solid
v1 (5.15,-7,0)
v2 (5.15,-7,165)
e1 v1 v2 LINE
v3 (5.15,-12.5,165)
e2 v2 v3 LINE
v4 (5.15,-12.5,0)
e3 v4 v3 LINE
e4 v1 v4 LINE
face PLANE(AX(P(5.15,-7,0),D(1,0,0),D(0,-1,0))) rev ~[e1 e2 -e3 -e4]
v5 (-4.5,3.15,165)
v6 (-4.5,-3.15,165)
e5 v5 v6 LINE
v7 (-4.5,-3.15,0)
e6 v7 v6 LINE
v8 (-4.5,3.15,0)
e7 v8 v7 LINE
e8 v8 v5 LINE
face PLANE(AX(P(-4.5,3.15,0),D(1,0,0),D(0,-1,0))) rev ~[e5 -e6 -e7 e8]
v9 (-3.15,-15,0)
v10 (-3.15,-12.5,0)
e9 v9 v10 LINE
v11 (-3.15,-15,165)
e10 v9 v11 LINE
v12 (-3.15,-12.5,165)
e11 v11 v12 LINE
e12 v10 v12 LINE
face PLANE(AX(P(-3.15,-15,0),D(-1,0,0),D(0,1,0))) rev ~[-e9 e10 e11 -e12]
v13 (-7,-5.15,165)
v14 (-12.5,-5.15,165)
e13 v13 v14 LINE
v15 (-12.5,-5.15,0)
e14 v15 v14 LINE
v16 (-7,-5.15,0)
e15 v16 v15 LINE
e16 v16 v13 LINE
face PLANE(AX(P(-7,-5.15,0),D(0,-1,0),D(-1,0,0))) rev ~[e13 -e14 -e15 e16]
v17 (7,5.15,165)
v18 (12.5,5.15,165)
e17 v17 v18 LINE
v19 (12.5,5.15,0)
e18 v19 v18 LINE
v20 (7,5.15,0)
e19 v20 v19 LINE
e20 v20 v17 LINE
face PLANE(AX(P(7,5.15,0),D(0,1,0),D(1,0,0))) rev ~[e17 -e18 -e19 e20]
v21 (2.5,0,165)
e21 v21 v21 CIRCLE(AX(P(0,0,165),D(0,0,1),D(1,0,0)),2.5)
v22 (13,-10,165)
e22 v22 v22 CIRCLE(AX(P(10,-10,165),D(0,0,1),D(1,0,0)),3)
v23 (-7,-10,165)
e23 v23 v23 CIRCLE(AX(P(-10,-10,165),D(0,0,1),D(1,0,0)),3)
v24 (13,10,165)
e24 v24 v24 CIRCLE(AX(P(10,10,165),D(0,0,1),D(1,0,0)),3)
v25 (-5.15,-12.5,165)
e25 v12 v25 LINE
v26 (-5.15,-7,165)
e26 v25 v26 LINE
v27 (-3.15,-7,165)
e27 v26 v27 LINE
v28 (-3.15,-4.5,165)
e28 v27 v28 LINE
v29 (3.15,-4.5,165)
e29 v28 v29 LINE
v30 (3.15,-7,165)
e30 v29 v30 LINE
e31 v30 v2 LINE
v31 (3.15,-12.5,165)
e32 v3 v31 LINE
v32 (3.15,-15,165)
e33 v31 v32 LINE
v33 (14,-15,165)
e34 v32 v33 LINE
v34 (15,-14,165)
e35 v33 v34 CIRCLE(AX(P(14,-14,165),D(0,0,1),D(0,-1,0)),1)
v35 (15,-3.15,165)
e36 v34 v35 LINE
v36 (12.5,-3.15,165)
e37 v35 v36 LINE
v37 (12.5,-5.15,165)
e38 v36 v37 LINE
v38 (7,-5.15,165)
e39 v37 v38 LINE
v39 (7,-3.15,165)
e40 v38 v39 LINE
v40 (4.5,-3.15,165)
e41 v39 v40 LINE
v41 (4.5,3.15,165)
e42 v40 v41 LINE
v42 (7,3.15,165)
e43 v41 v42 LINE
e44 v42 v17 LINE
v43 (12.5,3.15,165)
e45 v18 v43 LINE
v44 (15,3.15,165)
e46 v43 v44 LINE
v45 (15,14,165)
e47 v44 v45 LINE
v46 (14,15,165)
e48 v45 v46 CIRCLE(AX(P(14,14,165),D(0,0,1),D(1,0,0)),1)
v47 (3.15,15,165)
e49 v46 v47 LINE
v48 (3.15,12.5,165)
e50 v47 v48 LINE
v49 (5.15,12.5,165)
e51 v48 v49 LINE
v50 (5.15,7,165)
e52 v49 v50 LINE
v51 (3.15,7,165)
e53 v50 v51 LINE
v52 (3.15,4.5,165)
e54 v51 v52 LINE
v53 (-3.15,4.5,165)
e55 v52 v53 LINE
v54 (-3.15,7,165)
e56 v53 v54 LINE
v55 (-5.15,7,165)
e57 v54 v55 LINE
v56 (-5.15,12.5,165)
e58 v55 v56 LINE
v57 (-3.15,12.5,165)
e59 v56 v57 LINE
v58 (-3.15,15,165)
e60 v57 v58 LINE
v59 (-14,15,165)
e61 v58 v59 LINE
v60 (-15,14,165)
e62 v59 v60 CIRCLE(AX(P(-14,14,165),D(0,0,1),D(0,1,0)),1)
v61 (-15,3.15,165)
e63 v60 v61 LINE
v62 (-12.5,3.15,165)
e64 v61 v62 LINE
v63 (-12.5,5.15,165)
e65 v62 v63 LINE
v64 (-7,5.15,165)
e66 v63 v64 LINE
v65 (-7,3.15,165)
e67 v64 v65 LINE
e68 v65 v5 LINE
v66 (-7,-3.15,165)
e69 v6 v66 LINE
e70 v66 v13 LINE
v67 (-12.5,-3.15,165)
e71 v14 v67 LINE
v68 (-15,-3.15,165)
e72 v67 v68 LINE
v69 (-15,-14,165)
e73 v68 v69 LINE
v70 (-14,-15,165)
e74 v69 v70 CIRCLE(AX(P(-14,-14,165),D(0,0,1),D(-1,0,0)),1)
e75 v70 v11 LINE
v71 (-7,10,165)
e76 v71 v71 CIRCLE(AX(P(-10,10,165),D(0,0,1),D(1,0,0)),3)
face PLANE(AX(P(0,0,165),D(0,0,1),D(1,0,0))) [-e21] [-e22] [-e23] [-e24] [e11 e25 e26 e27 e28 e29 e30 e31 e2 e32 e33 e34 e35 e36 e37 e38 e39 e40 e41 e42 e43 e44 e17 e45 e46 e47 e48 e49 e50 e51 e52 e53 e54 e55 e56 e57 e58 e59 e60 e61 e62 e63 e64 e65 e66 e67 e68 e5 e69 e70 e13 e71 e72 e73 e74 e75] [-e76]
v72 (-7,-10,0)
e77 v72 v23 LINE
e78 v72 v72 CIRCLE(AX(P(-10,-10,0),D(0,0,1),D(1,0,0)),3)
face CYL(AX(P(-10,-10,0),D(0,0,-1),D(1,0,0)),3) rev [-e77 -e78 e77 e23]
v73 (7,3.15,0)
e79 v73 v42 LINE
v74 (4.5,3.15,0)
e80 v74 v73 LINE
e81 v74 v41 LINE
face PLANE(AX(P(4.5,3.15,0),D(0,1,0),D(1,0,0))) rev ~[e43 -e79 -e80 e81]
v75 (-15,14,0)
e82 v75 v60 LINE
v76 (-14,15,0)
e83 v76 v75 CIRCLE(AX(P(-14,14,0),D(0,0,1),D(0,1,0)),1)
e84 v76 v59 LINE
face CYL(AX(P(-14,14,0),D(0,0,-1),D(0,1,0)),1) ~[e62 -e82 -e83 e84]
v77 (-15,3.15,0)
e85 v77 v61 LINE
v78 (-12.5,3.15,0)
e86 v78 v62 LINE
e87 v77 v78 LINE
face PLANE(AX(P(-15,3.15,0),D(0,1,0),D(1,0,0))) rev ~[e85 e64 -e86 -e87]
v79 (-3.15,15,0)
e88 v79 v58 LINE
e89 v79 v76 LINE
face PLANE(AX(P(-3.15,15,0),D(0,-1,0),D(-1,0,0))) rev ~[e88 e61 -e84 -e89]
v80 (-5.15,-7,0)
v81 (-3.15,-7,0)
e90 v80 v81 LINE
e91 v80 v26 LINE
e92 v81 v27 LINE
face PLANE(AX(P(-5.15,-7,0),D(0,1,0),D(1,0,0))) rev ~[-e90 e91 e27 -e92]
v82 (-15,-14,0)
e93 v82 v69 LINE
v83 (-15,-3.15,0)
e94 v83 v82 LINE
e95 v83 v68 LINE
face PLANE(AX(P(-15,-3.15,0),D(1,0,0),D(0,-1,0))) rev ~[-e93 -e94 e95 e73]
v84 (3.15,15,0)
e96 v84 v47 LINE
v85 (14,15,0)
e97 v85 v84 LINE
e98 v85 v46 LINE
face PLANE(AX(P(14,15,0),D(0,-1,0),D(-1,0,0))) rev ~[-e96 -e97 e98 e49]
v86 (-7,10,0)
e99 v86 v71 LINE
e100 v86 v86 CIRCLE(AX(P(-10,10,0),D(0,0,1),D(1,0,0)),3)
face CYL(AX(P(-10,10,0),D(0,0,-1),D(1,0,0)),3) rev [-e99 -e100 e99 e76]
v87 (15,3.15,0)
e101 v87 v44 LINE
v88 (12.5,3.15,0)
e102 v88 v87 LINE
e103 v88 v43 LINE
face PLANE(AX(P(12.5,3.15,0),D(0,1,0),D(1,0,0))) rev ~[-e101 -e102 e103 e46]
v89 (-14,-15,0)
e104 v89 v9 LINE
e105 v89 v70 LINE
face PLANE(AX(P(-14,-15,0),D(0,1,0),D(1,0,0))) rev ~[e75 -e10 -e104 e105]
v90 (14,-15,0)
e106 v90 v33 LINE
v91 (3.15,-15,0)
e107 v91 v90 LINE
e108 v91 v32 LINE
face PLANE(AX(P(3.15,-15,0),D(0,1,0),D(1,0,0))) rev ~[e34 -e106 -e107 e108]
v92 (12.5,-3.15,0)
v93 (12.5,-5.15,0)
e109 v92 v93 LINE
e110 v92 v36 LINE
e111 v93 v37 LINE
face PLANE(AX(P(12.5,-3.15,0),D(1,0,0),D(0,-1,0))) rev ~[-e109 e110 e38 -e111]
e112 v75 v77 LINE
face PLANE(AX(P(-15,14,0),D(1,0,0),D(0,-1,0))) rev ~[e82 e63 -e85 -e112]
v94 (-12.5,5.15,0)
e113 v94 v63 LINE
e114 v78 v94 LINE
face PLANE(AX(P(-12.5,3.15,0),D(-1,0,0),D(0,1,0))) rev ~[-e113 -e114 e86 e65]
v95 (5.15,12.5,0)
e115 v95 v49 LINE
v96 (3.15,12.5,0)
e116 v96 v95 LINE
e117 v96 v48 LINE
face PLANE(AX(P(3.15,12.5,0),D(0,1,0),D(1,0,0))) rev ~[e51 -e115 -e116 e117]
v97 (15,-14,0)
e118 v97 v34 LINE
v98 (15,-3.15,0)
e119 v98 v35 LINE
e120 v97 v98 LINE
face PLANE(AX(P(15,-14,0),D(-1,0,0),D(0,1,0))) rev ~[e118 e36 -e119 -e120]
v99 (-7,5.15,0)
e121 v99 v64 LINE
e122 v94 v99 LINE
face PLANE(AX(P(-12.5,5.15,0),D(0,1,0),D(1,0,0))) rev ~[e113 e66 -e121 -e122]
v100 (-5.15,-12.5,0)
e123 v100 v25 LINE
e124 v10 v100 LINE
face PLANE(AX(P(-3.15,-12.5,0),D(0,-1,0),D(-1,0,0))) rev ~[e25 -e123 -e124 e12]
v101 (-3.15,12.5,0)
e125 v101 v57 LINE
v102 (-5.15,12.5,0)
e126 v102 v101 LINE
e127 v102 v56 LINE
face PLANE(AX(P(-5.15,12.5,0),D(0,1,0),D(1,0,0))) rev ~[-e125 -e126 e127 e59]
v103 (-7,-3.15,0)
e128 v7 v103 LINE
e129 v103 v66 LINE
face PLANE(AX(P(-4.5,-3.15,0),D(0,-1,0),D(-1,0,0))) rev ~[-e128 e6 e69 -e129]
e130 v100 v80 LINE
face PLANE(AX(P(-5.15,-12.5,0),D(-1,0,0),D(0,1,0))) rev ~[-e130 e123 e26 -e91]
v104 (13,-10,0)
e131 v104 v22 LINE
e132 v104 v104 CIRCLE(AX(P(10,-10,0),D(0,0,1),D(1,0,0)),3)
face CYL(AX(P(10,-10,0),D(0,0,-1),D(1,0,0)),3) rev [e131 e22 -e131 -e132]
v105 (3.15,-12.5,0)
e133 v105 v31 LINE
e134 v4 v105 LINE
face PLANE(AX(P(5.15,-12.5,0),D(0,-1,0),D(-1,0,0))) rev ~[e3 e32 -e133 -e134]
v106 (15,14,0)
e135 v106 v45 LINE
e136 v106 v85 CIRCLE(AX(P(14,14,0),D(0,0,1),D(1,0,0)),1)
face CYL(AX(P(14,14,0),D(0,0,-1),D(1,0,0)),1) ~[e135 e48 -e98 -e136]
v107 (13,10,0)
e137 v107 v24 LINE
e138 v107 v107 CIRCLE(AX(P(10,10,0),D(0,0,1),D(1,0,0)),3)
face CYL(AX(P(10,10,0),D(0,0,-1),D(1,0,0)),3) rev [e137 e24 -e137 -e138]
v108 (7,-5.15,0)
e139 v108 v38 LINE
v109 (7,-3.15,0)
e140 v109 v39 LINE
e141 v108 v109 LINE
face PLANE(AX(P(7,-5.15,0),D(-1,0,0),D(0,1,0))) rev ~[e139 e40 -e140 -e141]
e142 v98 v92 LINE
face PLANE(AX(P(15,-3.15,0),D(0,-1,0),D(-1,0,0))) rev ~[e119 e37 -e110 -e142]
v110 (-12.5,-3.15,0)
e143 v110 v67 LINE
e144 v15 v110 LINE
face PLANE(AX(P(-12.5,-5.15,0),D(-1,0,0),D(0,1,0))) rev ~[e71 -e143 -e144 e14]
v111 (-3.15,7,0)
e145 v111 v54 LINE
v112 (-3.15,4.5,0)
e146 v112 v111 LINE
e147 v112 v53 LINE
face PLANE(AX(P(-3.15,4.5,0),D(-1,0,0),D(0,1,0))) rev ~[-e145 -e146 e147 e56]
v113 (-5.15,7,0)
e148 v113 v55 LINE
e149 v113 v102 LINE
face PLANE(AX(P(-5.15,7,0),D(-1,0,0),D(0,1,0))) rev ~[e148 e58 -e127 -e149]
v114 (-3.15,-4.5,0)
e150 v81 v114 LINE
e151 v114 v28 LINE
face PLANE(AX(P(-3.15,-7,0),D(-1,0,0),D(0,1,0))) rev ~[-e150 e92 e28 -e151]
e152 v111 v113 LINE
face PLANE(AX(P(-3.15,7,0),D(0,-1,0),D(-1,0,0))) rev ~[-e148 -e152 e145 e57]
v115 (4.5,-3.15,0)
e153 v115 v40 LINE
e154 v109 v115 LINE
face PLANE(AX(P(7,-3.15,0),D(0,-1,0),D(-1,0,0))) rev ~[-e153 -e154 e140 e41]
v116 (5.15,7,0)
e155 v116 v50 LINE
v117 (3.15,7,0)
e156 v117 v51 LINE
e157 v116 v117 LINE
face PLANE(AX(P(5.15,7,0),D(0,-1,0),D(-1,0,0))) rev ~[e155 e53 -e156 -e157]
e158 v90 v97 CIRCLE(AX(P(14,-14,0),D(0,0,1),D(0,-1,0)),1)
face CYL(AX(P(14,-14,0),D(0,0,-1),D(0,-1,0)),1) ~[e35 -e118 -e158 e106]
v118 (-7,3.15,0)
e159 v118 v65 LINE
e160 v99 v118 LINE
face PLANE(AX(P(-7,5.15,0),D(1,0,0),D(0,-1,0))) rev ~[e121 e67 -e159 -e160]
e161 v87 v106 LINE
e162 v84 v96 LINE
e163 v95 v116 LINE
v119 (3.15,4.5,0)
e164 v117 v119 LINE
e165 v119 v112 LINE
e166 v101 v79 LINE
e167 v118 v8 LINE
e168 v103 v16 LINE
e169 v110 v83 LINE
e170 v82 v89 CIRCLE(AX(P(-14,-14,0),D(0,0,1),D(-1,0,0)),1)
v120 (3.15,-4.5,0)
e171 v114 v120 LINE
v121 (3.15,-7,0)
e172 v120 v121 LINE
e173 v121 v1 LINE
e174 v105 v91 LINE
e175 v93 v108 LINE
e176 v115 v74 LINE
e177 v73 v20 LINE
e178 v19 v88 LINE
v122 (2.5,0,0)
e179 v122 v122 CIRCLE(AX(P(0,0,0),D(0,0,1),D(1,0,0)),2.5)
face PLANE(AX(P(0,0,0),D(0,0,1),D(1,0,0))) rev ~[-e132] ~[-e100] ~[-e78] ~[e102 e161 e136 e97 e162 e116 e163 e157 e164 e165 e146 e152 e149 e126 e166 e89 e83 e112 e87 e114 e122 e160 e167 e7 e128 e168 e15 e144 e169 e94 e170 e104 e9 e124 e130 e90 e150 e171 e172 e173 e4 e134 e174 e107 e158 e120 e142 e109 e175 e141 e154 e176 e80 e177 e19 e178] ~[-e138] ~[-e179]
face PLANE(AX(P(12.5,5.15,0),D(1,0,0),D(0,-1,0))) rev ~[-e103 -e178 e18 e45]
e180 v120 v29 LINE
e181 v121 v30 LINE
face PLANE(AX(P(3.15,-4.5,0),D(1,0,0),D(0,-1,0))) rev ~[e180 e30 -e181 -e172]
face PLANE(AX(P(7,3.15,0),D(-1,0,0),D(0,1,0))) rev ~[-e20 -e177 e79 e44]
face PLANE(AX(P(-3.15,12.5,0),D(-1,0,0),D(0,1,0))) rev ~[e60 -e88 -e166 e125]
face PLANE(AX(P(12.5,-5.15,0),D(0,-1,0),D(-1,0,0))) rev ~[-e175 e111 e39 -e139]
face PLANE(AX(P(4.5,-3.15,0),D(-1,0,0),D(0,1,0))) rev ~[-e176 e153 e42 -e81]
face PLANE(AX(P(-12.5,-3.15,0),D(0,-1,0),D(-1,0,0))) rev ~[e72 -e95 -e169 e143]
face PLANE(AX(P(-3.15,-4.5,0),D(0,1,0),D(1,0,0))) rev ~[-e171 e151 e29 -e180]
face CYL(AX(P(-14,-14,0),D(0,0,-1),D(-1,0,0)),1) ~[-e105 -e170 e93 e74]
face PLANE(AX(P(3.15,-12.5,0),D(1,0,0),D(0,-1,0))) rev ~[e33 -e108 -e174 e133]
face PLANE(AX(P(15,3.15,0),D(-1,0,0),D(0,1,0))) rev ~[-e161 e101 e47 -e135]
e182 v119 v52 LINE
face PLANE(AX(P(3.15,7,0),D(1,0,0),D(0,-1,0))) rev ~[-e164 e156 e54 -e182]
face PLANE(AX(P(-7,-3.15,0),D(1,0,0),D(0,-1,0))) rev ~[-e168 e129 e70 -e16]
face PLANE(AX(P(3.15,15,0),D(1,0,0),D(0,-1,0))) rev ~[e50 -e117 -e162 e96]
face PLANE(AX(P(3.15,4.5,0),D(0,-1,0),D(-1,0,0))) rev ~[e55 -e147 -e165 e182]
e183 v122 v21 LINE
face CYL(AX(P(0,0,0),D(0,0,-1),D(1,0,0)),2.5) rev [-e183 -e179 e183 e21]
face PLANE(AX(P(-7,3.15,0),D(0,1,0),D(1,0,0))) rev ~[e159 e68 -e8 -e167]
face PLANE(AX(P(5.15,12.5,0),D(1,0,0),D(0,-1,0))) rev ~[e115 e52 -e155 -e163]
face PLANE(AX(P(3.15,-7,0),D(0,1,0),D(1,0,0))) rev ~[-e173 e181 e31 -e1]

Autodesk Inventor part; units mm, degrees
ref_plane "YZ Plane" through (0, 0, 0) normal (1, 0, 0) x (0, 1, 0)
ref_plane "XZ Plane" through (0, 0, 0) normal (0, 1, 0) x (-1, 0, 0)
ref_plane "XY Plane" through (0, 0, 0) normal (0, 0, 1) x (1, 0, 0)
feature "ソリッド1" [suppressed]
sketch "スケッチ2" plane through (0, 0, 0) normal (0, 0, 1) x (1, 0, 0)
  line L0 (-12.5, 5.15) -> (-7, 5.15) projected
  line L1 (-7, 5.15) -> (-7, 3.15) projected
  line L2 (-7, 3.15) -> (-4.5, 3.15) projected
  line L3 (-4.5, 3.15) -> (-4.5, -3.15) projected
  line L4 (-4.5, -3.15) -> (-7, -3.15) projected
  line L5 (-7, -3.15) -> (-7, -5.15) projected
  line L6 (-7, -5.15) -> (-12.5, -5.15) projected
  line L7 (-12.5, -5.15) -> (-12.5, -3.15) projected
  line L8 (-12.5, -3.15) -> (-15, -3.15) projected
  line L9 (-15, -3.15) -> (-15, -14) projected
  arc A0 (-15, -14) -> (-14, -15) centre (-14, -14) ccw projected
  line L10 (-14, -15) -> (-3.15, -15) projected
  line L11 (-3.15, -15) -> (-3.15, -12.5) projected
  line L12 (-3.15, -12.5) -> (-5.15, -12.5) projected
  line L13 (-5.15, -12.5) -> (-5.15, -7) projected
  line L14 (-5.15, -7) -> (-3.15, -7) projected
  line L15 (-3.15, -7) -> (-3.15, -4.5) projected
  line L16 (-3.15, -4.5) -> (3.15, -4.5) projected
  line L17 (3.15, -4.5) -> (3.15, -7) projected
  line L18 (3.15, -7) -> (5.15, -7) projected
  line L19 (5.15, -7) -> (5.15, -12.5) projected
  line L20 (5.15, -12.5) -> (3.15, -12.5) projected
  line L21 (3.15, -12.5) -> (3.15, -15) projected
  line L22 (3.15, -15) -> (14, -15) projected
  arc A1 (14, -15) -> (15, -14) centre (14, -14) ccw projected
  line L23 (15, -14) -> (15, -3.15) projected
  line L24 (15, -3.15) -> (12.5, -3.15) projected
  line L25 (12.5, -3.15) -> (12.5, -5.15) projected
  line L26 (12.5, -5.15) -> (7, -5.15) projected
  line L27 (7, -5.15) -> (7, -3.15) projected
  line L28 (7, -3.15) -> (4.5, -3.15) projected
  line L29 (4.5, -3.15) -> (4.5, 3.15) projected
  line L30 (4.5, 3.15) -> (7, 3.15) projected
  line L31 (7, 3.15) -> (7, 5.15) projected
  line L32 (7, 5.15) -> (12.5, 5.15) projected
  line L33 (12.5, 5.15) -> (12.5, 3.15) projected
  line L34 (12.5, 3.15) -> (15, 3.15) projected
  line L35 (15, 3.15) -> (15, 14) projected
  arc A2 (15, 14) -> (14, 15) centre (14, 14) ccw projected
  line L36 (14, 15) -> (3.15, 15) projected
  line L37 (3.15, 15) -> (3.15, 12.5) projected
  line L38 (3.15, 12.5) -> (5.15, 12.5) projected
  line L39 (5.15, 12.5) -> (5.15, 7) projected
  line L40 (5.15, 7) -> (3.15, 7) projected
  line L41 (3.15, 7) -> (3.15, 4.5) projected
  line L42 (3.15, 4.5) -> (-3.15, 4.5) projected
  line L43 (-3.15, 4.5) -> (-3.15, 7) projected
  line L44 (-3.15, 7) -> (-5.15, 7) projected
  line L45 (-5.15, 7) -> (-5.15, 12.5) projected
  line L46 (-5.15, 12.5) -> (-3.15, 12.5) projected
  line L47 (-3.15, 12.5) -> (-3.15, 15) projected
  line L48 (-3.15, 15) -> (-14, 15) projected
  arc A3 (-14, 15) -> (-15, 14) centre (-14, 14) ccw projected
  line L49 (-15, 14) -> (-15, 3.15) projected
  line L50 (-15, 3.15) -> (-12.5, 3.15) projected
  line L51 (-12.5, 3.15) -> (-12.5, 5.15) projected
  circle A4 centre (10, 10) radius 3 projected
  circle A5 centre (-10, 10) radius 3 projected
  circle A6 centre (-10, -10) radius 3 projected
  circle A7 centre (10, -10) radius 3 projected
  circle A8 centre (0, 0) radius 2.5 projected
extrude "押し出し1" add sketch "スケッチ2" along normal blind 165
equation "\"d1\" = L"
equation "\"L\" = 165"
properties part number "AFS-3030-200"
